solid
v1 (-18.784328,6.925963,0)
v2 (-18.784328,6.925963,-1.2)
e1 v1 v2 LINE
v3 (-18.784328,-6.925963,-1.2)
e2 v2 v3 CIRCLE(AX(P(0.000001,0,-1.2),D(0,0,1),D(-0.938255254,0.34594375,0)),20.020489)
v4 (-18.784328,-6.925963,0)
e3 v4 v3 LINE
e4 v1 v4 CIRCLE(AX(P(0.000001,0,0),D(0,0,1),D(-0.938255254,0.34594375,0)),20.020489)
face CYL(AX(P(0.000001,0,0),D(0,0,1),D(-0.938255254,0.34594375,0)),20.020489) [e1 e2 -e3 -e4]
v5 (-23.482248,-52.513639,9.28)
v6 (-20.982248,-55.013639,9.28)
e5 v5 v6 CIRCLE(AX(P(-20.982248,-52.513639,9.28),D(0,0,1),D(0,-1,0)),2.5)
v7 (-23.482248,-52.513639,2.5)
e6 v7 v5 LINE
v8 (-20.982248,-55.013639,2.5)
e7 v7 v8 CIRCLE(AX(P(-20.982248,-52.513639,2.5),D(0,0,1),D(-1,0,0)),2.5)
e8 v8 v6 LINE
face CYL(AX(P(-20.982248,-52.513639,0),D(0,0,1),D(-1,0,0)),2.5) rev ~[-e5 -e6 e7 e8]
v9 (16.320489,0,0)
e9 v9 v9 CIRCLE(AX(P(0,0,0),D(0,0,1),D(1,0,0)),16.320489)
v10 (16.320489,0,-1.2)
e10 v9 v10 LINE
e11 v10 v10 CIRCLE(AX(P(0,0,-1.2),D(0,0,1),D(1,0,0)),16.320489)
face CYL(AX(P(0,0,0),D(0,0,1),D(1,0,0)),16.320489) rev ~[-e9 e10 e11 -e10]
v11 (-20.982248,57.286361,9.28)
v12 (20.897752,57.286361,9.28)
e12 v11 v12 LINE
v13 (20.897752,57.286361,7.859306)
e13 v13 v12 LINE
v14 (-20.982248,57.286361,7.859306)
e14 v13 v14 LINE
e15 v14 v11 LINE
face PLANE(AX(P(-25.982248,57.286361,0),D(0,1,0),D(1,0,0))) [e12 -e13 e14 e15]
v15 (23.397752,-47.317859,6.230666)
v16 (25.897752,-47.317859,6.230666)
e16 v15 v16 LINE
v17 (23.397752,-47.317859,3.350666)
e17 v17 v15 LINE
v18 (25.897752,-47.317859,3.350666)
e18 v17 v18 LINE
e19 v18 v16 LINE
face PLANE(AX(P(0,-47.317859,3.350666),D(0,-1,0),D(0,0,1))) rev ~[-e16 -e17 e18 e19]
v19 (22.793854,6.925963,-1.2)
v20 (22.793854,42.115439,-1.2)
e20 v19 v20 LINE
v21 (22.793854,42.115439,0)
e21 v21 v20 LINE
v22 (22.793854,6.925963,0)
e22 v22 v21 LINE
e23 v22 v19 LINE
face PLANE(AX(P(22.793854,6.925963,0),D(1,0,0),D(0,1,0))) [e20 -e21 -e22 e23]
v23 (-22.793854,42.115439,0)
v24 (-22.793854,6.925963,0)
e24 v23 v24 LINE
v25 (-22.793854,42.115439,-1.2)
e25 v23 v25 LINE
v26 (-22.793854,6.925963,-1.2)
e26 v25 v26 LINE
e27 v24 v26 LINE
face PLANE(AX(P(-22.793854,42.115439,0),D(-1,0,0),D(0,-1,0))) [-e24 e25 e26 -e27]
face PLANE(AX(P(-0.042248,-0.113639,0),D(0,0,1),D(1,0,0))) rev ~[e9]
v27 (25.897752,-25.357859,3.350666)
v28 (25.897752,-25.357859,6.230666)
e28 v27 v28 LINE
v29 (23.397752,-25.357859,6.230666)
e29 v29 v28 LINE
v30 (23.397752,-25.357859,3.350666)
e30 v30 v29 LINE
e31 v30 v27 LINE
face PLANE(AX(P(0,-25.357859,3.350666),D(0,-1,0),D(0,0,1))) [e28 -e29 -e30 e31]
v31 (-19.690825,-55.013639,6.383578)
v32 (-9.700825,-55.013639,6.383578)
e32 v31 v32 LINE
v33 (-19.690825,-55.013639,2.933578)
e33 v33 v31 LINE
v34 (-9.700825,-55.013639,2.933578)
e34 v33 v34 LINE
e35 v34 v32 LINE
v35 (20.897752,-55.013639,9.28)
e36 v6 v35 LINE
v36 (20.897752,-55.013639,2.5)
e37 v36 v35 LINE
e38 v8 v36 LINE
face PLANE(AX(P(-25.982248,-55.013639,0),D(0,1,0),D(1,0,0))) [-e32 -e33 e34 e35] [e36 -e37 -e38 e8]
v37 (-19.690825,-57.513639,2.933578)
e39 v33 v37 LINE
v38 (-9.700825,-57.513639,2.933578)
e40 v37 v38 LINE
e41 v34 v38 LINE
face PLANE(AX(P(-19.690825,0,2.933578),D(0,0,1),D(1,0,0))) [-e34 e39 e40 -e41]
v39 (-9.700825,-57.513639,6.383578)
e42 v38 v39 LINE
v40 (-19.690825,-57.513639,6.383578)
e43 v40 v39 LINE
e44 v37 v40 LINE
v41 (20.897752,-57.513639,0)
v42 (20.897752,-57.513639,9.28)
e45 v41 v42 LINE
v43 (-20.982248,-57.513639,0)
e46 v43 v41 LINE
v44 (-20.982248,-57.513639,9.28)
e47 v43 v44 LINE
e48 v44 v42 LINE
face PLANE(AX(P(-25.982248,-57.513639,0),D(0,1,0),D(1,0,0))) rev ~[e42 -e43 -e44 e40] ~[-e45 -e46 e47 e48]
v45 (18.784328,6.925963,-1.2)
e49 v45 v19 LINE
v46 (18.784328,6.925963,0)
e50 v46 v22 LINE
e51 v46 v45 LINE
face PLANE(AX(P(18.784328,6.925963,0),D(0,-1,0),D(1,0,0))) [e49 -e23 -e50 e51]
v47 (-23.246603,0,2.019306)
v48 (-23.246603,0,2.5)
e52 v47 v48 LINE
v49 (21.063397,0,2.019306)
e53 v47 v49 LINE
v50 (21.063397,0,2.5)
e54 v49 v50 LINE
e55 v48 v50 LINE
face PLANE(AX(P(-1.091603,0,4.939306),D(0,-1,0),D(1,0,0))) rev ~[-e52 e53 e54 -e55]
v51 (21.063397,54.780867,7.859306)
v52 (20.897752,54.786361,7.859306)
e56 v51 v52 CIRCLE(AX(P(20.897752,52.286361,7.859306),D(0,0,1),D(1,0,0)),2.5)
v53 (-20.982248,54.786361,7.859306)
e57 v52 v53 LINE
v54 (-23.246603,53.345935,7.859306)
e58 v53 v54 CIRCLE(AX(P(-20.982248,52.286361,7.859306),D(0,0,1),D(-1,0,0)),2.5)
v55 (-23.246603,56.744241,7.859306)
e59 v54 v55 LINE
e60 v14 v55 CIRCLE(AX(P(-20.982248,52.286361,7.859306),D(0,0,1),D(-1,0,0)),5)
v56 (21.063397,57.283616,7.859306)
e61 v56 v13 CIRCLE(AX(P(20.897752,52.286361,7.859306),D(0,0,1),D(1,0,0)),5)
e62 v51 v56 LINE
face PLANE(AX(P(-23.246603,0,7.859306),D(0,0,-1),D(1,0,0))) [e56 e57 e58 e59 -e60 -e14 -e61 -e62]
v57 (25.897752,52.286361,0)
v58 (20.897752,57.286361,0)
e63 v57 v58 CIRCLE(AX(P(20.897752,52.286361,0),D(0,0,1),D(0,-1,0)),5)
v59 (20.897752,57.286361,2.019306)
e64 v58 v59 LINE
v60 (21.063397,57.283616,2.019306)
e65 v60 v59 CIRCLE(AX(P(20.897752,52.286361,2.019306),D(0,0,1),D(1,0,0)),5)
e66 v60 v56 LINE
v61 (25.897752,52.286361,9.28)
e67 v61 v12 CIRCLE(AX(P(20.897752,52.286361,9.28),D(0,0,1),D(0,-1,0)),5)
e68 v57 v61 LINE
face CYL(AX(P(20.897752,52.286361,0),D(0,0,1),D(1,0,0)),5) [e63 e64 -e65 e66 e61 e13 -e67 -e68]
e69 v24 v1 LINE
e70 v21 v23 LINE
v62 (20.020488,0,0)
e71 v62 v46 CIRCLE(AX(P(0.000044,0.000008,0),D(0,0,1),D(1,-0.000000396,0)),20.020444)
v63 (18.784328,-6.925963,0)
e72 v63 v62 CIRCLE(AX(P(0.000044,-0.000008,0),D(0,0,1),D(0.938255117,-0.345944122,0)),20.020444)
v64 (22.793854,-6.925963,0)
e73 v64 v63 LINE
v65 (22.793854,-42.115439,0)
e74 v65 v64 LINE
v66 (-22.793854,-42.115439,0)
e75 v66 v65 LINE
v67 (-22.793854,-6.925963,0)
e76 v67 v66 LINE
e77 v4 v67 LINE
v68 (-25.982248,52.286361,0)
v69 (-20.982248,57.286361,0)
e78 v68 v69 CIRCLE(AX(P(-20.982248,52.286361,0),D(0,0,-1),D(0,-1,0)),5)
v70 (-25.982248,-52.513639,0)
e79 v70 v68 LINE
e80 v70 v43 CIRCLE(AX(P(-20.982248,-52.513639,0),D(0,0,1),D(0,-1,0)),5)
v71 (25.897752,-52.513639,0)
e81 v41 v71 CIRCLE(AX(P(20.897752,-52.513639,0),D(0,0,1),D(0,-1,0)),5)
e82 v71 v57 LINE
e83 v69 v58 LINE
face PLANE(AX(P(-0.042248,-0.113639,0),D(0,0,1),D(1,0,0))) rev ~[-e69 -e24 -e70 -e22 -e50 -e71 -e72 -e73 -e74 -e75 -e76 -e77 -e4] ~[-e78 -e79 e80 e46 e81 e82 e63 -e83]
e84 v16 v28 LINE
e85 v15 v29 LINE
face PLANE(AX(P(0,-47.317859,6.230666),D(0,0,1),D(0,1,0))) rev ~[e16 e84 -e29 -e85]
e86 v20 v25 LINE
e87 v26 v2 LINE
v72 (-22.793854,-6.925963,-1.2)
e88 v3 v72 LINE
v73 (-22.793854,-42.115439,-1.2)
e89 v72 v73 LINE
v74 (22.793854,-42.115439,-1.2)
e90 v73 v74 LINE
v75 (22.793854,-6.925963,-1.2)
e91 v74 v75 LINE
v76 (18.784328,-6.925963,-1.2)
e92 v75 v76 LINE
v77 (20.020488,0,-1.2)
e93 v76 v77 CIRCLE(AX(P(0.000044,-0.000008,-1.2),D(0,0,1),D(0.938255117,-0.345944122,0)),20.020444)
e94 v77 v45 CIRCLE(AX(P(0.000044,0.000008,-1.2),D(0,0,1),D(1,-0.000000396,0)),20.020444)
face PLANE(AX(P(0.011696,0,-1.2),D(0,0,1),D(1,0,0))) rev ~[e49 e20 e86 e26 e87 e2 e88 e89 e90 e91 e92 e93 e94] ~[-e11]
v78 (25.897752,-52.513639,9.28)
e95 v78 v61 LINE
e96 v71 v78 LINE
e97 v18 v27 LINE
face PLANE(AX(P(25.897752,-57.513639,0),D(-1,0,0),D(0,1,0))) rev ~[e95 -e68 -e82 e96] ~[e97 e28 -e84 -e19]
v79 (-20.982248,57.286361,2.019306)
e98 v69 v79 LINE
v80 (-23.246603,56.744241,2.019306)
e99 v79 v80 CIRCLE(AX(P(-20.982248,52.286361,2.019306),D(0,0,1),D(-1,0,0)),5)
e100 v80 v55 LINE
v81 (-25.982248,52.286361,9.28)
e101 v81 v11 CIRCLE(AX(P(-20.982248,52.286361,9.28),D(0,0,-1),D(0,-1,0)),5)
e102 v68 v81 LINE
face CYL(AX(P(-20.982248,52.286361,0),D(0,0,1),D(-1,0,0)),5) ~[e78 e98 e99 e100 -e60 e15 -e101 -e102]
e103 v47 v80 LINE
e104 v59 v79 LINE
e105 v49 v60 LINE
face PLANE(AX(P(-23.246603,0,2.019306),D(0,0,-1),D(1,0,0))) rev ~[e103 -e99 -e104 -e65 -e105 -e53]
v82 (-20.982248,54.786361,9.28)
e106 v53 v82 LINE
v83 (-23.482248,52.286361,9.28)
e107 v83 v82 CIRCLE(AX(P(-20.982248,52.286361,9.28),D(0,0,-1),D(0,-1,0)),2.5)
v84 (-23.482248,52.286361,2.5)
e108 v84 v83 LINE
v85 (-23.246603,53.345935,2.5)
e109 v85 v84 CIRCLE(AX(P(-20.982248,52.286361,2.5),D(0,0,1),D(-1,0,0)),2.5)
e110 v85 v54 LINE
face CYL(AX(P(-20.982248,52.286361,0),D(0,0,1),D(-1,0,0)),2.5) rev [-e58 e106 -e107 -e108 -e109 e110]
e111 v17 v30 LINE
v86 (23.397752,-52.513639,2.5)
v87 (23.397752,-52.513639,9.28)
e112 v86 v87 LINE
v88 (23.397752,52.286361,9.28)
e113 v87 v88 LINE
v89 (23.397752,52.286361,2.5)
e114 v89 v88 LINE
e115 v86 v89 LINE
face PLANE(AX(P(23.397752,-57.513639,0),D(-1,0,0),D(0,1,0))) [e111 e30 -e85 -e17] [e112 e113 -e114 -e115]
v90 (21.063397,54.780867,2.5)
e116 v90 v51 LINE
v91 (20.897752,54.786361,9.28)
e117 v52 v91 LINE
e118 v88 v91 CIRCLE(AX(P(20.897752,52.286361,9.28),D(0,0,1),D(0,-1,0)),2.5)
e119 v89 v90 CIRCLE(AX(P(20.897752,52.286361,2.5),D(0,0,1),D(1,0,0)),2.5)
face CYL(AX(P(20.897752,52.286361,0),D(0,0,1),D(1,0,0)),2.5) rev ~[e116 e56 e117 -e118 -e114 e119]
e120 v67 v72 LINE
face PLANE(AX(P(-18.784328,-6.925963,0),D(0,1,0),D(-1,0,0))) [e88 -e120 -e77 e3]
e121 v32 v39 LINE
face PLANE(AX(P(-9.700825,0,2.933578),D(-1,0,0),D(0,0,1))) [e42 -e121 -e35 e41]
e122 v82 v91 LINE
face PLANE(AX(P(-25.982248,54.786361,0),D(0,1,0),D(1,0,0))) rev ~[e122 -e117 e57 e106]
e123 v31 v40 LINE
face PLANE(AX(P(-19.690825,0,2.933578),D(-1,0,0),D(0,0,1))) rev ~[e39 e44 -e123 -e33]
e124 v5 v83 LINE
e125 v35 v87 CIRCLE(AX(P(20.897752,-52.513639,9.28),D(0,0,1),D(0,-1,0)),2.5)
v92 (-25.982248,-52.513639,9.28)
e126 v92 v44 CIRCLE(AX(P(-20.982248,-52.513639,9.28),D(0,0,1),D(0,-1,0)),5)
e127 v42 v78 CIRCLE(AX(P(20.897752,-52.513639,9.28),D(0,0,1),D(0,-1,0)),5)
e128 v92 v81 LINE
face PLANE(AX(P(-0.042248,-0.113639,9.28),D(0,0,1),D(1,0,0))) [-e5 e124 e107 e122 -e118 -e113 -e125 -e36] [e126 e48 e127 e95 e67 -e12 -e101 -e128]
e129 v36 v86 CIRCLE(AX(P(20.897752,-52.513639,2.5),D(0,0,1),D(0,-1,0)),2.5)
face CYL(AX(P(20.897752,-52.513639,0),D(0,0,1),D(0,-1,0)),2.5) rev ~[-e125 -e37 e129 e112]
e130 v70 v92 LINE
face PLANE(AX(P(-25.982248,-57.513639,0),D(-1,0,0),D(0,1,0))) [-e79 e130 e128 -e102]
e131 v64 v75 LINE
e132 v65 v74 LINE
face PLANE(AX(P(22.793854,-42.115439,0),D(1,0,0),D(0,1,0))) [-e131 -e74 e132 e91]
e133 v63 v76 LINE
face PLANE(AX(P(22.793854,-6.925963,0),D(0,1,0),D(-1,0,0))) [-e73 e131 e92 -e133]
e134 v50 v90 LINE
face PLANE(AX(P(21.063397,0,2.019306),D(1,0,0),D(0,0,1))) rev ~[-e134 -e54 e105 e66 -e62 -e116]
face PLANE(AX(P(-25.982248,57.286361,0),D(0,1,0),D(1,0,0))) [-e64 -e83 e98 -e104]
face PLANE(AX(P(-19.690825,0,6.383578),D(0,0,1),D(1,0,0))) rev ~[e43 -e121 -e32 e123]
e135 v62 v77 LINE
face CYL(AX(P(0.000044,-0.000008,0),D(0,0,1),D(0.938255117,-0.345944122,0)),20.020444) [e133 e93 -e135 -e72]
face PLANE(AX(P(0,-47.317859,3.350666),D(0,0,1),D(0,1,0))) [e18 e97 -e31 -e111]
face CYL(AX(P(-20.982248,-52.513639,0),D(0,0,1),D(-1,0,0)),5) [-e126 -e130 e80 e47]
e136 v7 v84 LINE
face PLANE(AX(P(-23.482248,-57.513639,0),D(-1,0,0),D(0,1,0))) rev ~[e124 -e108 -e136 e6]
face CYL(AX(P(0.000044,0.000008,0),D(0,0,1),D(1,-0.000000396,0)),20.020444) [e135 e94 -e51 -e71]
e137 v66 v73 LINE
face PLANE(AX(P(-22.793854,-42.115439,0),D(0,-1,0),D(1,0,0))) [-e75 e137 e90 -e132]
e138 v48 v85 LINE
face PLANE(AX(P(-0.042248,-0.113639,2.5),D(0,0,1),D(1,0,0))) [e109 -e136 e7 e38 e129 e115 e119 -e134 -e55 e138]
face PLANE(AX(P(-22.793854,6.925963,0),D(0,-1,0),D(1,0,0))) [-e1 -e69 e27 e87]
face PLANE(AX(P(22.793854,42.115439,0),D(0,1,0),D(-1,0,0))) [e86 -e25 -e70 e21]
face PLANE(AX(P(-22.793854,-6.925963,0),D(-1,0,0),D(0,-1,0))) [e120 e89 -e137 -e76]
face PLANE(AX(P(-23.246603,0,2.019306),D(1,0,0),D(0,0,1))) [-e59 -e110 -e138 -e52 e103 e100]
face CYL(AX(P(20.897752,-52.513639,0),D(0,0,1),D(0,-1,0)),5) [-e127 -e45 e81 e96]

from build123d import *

# Parameters (mm, degrees)
F0_W      = 51.88
F0_H      = 114.8
F1_DEPTH  = 9.28
F2_R      = 5
F3_T      = -2.5
F4_W      = 9.99
F4_H      = 3.45
F5_DEPTH  = 69.5
F6_W      = 21.96
F6_H      = 2.88
F7_DEPTH  = 36.6
F8_W      = 44.31
F8_H      = 5.84
F9_DEPTH  = 65.7
F10_R     = 16.320489
F11_DEPTH = 1.2


with BuildPart() as f1:
    # F0 (on Top) → F1 (new body)
    with BuildSketch(Plane.XY):
        with Locations((-0.042248, -0.113639)):
            Rectangle(F0_W, F0_H)
    extrude(amount=F1_DEPTH)

    # F2
    f2_edges = [f1.edges().sort_by_distance(p)[0] for p in [
        (25.897752, 57.286361, 4.64),
        (25.897752, -57.513639, 4.64),
        (-25.982248, 57.286361, 4.64),
        (-25.982248, -57.513639, 4.64),
    ]]
    fillet(f2_edges, radius=F2_R)

    # F3
    f3_openings = [f1.faces().sort_by_distance(p)[0] for p in [
        (-0.042248, -0.113639, 9.28),
    ]]
    offset(amount=F3_T, openings=f3_openings)

    # F4 (on Front) → F5 (cut)
    with BuildSketch(Plane.XZ):
        with Locations((-14.695825, 4.658578)):
            Rectangle(F4_W, F4_H)
    extrude(amount=F5_DEPTH, mode=Mode.SUBTRACT)

    # F6 (on Right) → F7 (cut)
    with BuildSketch(Plane.YZ):
        with Locations((-36.337859, 4.790666)):
            Rectangle(F6_W, F6_H)
    extrude(amount=F7_DEPTH, mode=Mode.SUBTRACT)

    # F8 (on Front) → F9 (cut)
    with BuildSketch(Plane.XZ):
        with Locations((-1.091603, 4.939306)):
            Rectangle(F8_W, F8_H)
    extrude(amount=-F9_DEPTH, mode=Mode.SUBTRACT)

    # F10 (on Top) → F11 (join)
    with BuildSketch(Plane.XY):
        with BuildLine():
            ThreePointArc((18.784328, -6.925963), (19.709026, -3.517707), (20.020488, 0))
            ThreePointArc((20.020488, 0), (19.709026, 3.517707), (18.784328, 6.925963))
            ThreePointArc((18.784328, 6.925963), (0, 20.020488), (-18.784328, 6.925963))
            ThreePointArc((-18.784328, 6.925963), (-20.020488, 0), (-18.784328, -6.925963))
            ThreePointArc((-18.784328, -6.925963), (0, -20.020488), (18.784328, -6.925963))
        make_face()
        Circle(F10_R, mode=Mode.SUBTRACT)
        with BuildLine():
            ThreePointArc((-18.784328, 6.925963), (0, 20.020488), (18.784328, 6.925963))
            Line((18.784328, 6.925963), (22.793854, 6.925963))
            Line((22.793854, 6.925963), (22.793854, 42.115439))
            Line((22.793854, 42.115439), (0, 42.115439))
            Line((0, 42.115439), (-22.793854, 42.115439))
            Line((-22.793854, 42.115439), (-22.793854, 6.925963))
            Line((-22.793854, 6.925963), (-18.784328, 6.925963))
        make_face()
        with BuildLine():
            Line((22.793854, -6.925963), (18.784328, -6.925963))
            ThreePointArc((18.784328, -6.925963), (0, -20.020488), (-18.784328, -6.925963))
            Line((-18.784328, -6.925963), (-22.793854, -6.925963))
            Line((-22.793854, -6.925963), (-22.793854, -42.115439))
            Line((-22.793854, -42.115439), (0, -42.115439))
            Line((0, -42.115439), (22.793854, -42.115439))
            Line((22.793854, -42.115439), (22.793854, -6.925963))
        make_face()
    extrude(amount=-F11_DEPTH)


solid = f1.part
